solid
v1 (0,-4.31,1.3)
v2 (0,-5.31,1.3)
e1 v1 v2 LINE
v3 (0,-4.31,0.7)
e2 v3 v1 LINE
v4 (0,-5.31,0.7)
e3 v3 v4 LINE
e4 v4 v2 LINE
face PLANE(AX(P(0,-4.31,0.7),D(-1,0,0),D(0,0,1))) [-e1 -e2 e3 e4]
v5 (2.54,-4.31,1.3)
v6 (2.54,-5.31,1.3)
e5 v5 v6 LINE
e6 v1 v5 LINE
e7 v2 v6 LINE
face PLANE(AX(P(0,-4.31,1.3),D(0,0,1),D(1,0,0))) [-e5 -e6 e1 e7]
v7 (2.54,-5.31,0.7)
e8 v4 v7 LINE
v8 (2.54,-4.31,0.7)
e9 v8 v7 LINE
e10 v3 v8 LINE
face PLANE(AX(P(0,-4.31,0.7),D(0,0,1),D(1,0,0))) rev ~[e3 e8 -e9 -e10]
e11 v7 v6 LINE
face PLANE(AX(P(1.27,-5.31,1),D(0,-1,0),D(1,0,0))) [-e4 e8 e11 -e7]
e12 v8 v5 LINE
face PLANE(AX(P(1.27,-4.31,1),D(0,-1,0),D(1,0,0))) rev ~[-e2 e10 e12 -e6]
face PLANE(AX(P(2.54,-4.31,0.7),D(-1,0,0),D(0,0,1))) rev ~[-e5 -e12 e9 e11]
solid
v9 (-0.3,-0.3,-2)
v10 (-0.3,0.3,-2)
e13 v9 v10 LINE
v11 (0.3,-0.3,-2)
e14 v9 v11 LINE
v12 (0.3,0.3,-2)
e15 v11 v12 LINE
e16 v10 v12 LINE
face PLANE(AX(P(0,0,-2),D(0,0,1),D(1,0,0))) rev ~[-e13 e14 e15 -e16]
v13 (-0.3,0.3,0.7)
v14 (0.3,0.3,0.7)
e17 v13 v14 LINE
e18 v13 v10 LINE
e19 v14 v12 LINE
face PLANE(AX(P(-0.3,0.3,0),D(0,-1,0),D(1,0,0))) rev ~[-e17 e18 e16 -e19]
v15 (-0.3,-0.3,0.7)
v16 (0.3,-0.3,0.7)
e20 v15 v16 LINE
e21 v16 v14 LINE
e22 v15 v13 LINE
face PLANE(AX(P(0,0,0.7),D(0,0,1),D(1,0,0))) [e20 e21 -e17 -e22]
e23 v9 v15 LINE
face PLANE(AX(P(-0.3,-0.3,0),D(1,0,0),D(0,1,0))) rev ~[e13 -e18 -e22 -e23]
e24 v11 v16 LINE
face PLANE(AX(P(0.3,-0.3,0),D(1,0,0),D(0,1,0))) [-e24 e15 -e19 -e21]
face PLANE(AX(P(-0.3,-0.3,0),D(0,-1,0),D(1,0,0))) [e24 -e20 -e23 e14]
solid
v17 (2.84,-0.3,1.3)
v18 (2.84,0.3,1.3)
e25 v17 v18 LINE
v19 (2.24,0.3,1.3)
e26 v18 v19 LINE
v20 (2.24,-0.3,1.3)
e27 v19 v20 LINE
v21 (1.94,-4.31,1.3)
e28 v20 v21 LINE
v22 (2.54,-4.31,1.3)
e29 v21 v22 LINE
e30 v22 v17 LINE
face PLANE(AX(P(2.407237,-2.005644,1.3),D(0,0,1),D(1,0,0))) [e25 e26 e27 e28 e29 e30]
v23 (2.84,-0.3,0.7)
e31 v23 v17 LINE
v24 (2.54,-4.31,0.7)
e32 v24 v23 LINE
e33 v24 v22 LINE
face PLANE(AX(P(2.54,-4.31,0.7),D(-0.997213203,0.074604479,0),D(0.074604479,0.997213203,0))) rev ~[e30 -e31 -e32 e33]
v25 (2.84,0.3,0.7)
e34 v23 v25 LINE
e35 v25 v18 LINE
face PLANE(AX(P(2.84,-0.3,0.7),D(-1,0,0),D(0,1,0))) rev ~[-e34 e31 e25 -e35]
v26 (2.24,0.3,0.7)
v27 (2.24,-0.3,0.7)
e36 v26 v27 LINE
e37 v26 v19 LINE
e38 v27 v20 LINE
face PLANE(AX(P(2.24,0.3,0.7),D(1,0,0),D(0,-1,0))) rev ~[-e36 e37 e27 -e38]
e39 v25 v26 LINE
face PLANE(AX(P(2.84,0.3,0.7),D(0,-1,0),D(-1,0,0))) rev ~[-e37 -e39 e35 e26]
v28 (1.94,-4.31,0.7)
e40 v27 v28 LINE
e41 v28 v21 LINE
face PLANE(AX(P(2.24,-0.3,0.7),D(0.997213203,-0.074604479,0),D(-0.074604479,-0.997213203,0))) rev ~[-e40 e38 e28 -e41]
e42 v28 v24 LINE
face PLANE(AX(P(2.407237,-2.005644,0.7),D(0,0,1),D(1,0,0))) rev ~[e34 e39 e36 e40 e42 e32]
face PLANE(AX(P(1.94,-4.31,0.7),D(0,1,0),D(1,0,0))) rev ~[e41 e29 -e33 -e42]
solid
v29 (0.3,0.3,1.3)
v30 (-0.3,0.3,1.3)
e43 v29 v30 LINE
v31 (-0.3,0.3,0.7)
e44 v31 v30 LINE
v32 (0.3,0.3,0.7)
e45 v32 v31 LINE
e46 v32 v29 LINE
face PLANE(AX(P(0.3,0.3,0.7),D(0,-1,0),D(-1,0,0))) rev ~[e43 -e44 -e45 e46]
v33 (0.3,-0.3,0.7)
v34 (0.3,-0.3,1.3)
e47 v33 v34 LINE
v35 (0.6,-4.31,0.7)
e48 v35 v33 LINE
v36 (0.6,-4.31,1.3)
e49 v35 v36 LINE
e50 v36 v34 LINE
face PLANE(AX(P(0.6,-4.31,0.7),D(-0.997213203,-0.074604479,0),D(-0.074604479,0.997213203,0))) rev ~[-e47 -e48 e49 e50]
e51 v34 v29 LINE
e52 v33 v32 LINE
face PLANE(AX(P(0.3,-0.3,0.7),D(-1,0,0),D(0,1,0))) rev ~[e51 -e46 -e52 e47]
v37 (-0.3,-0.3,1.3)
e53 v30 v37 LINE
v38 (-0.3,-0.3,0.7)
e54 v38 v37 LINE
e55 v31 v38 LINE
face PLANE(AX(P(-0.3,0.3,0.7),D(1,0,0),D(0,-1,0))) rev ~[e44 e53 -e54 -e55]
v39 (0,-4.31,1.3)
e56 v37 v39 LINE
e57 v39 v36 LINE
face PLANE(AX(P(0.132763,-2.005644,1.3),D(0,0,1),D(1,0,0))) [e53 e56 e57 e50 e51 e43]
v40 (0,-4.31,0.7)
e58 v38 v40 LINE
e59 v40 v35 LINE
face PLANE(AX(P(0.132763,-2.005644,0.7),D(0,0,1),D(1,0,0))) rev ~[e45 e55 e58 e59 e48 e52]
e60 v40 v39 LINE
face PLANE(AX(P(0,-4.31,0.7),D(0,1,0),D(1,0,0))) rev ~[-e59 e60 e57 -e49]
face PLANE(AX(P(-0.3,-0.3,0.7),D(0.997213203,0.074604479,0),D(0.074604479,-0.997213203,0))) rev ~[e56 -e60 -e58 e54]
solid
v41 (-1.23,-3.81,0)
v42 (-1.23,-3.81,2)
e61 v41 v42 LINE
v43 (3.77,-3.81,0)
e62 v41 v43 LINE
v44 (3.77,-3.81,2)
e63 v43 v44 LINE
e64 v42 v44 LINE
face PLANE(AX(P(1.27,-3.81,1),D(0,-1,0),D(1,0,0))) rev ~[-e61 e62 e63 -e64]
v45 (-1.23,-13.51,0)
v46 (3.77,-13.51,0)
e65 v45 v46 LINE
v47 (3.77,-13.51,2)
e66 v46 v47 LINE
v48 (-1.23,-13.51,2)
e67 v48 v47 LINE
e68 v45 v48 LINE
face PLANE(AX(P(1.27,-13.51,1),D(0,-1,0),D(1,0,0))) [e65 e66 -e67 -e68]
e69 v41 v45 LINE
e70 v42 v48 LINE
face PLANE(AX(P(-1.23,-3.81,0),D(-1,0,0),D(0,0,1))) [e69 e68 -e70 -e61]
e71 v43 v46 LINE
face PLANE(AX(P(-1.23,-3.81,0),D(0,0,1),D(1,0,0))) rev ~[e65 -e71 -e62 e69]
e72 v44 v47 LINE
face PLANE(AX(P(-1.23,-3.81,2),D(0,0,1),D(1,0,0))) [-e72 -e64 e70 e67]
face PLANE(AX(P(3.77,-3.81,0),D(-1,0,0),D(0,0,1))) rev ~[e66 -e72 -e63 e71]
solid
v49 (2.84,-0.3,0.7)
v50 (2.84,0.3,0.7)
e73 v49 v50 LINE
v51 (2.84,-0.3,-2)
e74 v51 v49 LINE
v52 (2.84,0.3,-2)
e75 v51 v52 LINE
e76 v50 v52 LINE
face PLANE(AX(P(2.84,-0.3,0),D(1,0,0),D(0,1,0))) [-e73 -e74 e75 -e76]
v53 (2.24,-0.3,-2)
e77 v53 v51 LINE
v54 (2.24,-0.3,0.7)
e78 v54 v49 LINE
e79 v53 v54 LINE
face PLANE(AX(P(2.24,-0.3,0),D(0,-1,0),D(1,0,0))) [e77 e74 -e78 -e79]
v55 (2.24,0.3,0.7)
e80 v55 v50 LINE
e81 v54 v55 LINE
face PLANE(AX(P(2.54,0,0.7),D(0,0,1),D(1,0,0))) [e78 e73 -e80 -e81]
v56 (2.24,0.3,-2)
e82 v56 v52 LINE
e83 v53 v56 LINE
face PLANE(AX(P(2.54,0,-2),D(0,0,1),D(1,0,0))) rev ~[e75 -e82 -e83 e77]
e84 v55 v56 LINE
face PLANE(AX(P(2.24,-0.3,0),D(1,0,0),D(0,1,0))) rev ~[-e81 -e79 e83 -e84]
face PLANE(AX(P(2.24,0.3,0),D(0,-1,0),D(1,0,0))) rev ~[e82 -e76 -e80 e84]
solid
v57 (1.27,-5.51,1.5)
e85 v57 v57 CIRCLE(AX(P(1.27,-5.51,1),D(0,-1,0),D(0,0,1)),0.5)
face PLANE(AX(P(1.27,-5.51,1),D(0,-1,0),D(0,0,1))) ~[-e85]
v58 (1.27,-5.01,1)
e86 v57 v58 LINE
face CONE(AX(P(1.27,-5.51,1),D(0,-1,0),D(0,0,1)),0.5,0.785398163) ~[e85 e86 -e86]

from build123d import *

# Parameters (mm, degrees)
SKETCH_W       = 0.6
SKETCH_H       = 0.6
PAD_DEPTH      = 0.7
PAD_DEPTH_BACK = 2
PAD001_DEPTH   = 0.6
SKETCH002_W    = 2.54
SKETCH002_H    = 0.6
PAD002_DEPTH   = 1
SKETCH004_W    = 5
SKETCH004_H    = 2
PAD003_DEPTH   = 9.7


with BuildPart() as pad:
    # Sketch → Pad (new body, two sides)
    with BuildSketch(Plane.XY) as pad_sk:
        Rectangle(SKETCH_W, SKETCH_H)
        with Locations((2.54, 0)):
            Rectangle(SKETCH_W, SKETCH_H)
    extrude(amount=PAD_DEPTH)
    extrude(pad_sk.sketch, amount=-PAD_DEPTH_BACK)


with BuildPart() as pad001:
    # Sketch001 → Pad001 (new body)
    with BuildSketch(Plane.XY.offset(0.7)):
        Polygon((0.3, 0.3), (-0.3, 0.3), (-0.3, -0.3), (0, -4.31), (0.6, -4.31), (0.3, -0.3), align=None)
        Polygon((2.84, 0.3), (2.24, 0.3), (2.24, -0.3), (1.94, -4.31), (2.54, -4.31), (2.84, -0.3), align=None)
    extrude(amount=PAD001_DEPTH)


with BuildPart() as pad002:
    # Sketch002 → Pad002 (new body)
    with BuildSketch(Plane.XZ.offset(4.31)):
        with Locations((1.27, 1)):
            Rectangle(SKETCH002_W, SKETCH002_H)
    extrude(amount=PAD002_DEPTH)


with BuildPart() as pad003:
    # Sketch004 → Pad003 (new body)
    with BuildSketch(Plane.XZ.offset(3.81)):
        with Locations((1.27, 1)):
            Rectangle(SKETCH004_W, SKETCH004_H)
    extrude(amount=PAD003_DEPTH)


with BuildPart() as revolution001:
    # Sketch005 → Revolution001 (revolve)
    with BuildSketch(Plane.YZ.offset(1.27)):
        Polygon((-5.01, 1), (-5.51, 1), (-5.51, 1.5), align=None)
    revolve(axis=Axis((1.27, -3.977201, 1), (0, -1, 0)))


solid = Compound([pad.part, pad001.part, pad002.part, pad003.part, revolution001.part])
